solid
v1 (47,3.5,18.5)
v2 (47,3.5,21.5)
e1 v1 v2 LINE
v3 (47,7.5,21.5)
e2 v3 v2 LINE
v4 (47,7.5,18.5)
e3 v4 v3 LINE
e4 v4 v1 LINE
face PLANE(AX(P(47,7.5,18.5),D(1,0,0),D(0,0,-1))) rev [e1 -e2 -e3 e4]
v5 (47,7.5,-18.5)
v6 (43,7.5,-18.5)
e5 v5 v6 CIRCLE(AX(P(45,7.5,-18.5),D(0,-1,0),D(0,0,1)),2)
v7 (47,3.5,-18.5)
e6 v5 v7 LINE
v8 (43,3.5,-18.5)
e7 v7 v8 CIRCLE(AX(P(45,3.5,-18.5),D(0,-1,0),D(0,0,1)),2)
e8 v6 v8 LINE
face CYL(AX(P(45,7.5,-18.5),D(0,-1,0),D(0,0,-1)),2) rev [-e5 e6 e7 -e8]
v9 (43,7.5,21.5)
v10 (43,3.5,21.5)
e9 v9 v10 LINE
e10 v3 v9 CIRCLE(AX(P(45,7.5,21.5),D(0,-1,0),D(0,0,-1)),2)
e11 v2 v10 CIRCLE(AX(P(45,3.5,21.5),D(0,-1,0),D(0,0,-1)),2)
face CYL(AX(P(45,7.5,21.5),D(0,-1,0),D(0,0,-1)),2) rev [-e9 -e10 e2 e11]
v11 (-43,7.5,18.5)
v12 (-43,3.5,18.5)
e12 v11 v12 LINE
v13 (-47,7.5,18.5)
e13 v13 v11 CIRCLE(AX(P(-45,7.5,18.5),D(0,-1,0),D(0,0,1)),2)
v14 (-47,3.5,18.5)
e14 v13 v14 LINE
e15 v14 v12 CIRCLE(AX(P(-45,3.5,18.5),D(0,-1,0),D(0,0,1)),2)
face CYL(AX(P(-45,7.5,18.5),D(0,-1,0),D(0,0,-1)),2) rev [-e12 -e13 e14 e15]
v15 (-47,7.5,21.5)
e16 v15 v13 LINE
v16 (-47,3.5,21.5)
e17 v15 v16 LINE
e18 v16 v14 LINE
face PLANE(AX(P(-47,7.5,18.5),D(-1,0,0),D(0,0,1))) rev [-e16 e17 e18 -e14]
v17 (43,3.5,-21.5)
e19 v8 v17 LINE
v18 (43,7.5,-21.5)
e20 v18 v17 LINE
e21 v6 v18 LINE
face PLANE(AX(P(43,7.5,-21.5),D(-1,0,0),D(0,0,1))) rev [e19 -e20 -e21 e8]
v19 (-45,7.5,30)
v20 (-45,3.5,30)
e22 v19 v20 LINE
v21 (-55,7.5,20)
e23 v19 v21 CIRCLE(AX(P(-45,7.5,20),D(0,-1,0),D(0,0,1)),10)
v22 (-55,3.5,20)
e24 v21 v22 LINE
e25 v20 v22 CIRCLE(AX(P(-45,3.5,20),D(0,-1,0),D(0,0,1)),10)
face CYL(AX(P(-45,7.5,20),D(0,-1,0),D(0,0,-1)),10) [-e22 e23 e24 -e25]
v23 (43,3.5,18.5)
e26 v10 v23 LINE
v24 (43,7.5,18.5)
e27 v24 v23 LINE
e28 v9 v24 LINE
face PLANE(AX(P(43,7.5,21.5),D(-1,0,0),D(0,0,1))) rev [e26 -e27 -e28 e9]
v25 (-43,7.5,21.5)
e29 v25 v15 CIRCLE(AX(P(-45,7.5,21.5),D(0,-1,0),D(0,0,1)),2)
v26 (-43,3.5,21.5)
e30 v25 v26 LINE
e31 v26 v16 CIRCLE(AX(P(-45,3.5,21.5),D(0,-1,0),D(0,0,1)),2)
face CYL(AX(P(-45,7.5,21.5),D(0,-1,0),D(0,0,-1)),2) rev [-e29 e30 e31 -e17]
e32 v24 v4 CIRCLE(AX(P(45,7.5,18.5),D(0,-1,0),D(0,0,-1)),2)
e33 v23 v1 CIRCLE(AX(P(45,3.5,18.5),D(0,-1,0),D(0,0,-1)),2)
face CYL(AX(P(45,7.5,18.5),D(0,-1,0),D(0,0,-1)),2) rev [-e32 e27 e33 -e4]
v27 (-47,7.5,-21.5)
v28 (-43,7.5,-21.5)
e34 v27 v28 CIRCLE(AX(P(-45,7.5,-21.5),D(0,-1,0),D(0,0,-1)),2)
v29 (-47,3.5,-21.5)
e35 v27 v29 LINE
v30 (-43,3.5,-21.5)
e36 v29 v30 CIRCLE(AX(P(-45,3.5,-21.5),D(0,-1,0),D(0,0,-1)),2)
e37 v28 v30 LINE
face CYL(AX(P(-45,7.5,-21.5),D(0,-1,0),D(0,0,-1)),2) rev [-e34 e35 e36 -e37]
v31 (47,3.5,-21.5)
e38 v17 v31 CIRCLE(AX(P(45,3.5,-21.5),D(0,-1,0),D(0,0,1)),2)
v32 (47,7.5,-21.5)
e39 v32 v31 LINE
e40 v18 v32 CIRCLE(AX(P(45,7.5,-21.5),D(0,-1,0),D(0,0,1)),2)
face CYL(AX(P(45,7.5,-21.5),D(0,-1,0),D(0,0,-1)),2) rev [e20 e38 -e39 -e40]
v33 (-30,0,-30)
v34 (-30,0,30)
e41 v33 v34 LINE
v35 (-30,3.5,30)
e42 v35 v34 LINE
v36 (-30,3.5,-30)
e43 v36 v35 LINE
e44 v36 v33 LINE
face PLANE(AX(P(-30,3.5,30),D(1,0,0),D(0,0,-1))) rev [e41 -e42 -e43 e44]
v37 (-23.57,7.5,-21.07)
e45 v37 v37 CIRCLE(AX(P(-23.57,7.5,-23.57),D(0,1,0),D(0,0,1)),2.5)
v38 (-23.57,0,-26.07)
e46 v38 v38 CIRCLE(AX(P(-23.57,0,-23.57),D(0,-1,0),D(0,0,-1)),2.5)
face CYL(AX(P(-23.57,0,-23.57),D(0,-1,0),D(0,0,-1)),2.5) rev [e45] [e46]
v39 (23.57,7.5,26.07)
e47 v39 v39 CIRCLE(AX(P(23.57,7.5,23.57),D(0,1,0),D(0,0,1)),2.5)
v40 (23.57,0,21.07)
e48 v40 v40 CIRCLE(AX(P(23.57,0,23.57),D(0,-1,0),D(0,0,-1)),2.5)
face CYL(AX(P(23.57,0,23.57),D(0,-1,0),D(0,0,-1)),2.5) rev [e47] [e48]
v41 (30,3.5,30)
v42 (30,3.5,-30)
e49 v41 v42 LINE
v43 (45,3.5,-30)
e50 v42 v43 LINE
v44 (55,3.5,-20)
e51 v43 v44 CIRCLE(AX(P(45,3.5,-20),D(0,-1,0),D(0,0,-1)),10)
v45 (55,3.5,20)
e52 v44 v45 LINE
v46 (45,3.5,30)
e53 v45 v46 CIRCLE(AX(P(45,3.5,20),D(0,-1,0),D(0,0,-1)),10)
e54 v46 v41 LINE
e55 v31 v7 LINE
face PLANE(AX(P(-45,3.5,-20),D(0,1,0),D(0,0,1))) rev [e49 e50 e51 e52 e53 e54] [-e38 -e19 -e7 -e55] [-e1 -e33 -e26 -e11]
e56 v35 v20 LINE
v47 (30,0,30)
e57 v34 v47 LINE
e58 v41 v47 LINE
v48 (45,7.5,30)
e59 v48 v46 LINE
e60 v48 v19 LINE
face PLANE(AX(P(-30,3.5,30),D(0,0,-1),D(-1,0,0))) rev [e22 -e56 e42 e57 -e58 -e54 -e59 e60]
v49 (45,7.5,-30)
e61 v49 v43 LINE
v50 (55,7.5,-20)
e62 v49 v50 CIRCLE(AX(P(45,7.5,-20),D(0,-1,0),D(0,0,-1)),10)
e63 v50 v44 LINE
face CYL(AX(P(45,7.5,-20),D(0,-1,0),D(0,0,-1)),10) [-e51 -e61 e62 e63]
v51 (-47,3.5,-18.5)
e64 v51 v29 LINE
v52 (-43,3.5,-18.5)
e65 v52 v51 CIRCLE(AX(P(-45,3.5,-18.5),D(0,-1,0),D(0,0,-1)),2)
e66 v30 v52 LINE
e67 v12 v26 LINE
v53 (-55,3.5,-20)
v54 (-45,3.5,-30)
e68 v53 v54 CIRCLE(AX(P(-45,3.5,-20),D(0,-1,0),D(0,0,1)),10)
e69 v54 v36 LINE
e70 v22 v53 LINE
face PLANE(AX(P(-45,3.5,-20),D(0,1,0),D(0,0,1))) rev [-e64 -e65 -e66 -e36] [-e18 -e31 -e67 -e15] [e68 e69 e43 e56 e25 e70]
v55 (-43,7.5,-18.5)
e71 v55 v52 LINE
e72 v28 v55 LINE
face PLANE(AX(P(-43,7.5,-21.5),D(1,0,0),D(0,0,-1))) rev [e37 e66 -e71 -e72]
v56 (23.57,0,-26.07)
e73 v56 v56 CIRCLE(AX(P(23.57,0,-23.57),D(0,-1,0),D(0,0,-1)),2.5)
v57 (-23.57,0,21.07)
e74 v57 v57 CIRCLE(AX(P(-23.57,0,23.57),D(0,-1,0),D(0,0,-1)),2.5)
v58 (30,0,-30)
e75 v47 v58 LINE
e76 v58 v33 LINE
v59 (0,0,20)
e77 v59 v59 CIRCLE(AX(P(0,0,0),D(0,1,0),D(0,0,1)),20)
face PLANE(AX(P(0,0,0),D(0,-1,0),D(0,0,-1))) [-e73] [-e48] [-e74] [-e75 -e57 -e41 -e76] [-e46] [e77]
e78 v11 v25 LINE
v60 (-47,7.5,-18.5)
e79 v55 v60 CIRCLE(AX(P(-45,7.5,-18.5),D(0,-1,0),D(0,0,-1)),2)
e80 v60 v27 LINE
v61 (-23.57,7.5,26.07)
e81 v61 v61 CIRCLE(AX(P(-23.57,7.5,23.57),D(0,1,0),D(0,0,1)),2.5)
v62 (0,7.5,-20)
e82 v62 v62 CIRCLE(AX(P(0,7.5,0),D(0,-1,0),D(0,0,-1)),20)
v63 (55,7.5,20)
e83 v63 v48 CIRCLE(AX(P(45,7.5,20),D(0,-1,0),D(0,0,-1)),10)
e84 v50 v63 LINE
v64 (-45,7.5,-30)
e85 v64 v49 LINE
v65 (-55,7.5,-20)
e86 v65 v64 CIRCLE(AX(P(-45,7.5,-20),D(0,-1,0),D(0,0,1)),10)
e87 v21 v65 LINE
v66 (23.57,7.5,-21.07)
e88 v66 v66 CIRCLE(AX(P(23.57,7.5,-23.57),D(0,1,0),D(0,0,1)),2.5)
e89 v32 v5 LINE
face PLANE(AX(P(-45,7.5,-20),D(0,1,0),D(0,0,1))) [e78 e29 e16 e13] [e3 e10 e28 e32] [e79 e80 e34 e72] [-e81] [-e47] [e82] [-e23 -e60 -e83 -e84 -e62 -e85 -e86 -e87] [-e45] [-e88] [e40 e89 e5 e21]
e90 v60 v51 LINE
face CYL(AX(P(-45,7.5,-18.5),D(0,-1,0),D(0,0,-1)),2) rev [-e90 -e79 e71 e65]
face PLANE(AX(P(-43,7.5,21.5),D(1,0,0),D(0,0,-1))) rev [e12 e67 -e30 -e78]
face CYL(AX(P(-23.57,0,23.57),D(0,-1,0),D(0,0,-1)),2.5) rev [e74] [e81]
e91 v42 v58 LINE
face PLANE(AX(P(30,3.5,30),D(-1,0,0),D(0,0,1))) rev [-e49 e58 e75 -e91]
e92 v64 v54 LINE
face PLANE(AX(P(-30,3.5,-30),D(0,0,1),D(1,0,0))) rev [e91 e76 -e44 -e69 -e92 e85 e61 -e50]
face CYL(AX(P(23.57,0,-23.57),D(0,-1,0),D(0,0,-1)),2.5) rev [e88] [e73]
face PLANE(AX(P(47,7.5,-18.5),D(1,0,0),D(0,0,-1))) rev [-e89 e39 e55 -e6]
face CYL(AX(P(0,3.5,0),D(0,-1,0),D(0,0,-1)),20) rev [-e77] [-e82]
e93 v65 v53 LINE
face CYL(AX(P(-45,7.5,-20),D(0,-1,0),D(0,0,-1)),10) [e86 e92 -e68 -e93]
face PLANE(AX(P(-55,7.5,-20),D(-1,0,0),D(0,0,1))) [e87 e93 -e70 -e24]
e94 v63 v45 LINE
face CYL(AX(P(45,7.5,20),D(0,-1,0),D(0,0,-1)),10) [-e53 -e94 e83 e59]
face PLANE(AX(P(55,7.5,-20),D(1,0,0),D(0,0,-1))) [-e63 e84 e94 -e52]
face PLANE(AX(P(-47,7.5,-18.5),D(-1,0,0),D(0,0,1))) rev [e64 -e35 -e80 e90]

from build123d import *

# Parameters (mm, degrees)
SKETCH1_W                    = 60
SKETCH1_H                    = 60
SKETCH1_R                    = 20
BOSS_EXTRUDE1_DEPTH          = 3.5
SKETCH2_R                    = 20
BOSS_EXTRUDE2_DEPTH          = 4
F_5_0_5_DIAMETER_HOLE1_D     = 5
F_5_0_5_DIAMETER_HOLE1_DEPTH = 25
F_5_0_5_DIAMETER_HOLE1_TIP   = 1.502151548


with BuildPart() as part:
    # Sketch1 → Boss-Extrude1 (new body)
    with BuildSketch(Plane(origin=(0, 0, 0), x_dir=(1, 0, 0), z_dir=(0, 1, 0))):
        Rectangle(SKETCH1_W, SKETCH1_H)
        Circle(SKETCH1_R, mode=Mode.SUBTRACT)
    extrude(amount=BOSS_EXTRUDE1_DEPTH)

    # Sketch2 → Boss-Extrude2 (add)
    with BuildSketch(Plane(origin=(0, 3.5, -3.5), x_dir=(1, 0, 0), z_dir=(0, -1, 0))):
        with BuildLine():
            Line((45, -26.5), (-45, -26.5))
            ThreePointArc((-45, -26.5), (-52.071067812, -23.571067812), (-55, -16.5))
            Line((-55, -16.5), (-55, 23.5))
            ThreePointArc((-55, 23.5), (-52.071067812, 30.571067812), (-45, 33.5))
            Line((-45, 33.5), (45, 33.5))
            ThreePointArc((45, 33.5), (52.071067812, 30.571067812), (55, 23.5))
            Line((55, 23.5), (55, -16.5))
            ThreePointArc((55, -16.5), (52.071067812, -23.571067812), (45, -26.5))
        make_face()
        with Locations((0, 3.5)):
            Circle(SKETCH2_R, mode=Mode.SUBTRACT)
        with BuildLine():
            Line((-47, -15), (-47, -18))
            ThreePointArc((-47, -18), (-45, -20), (-43, -18))
            Line((-43, -18), (-43, -15))
            ThreePointArc((-43, -15), (-45, -13), (-47, -15))
        make_face(mode=Mode.SUBTRACT)
        with BuildLine():
            Line((-43, 25), (-43, 22))
            ThreePointArc((-43, 22), (-45, 20), (-47, 22))
            Line((-47, 22), (-47, 25))
            ThreePointArc((-47, 25), (-45, 27), (-43, 25))
        make_face(mode=Mode.SUBTRACT)
        with BuildLine():
            Line((43, -18), (43, -15))
            ThreePointArc((43, -15), (45, -13), (47, -15))
            Line((47, -15), (47, -18))
            ThreePointArc((47, -18), (45, -20), (43, -18))
        make_face(mode=Mode.SUBTRACT)
        with BuildLine():
            Line((47, 22), (47, 25))
            ThreePointArc((47, 25), (45, 27), (43, 25))
            Line((43, 25), (43, 22))
            ThreePointArc((43, 22), (45, 20), (47, 22))
        make_face(mode=Mode.SUBTRACT)
    extrude(amount=-BOSS_EXTRUDE2_DEPTH)

    # Ø5.0 (5) Diameter Hole1
    with Locations(Plane(origin=(233.298234679, 0, -449.602484579), x_dir=(-1, 0, 0), z_dir=(0, -1, 0))):
        with Locations((256.868234679, -473.172484579), (209.728234679, -473.172484579), (209.728234679, -426.032484579), (256.868234679, -426.032484579)):
            Hole(F_5_0_5_DIAMETER_HOLE1_D / 2, depth=F_5_0_5_DIAMETER_HOLE1_DEPTH)
            with Locations((0, 0, -(F_5_0_5_DIAMETER_HOLE1_DEPTH + F_5_0_5_DIAMETER_HOLE1_TIP / 2))):  # 118° drill point
                Cone(0, F_5_0_5_DIAMETER_HOLE1_D / 2, F_5_0_5_DIAMETER_HOLE1_TIP, mode=Mode.SUBTRACT)


solid = part.part
